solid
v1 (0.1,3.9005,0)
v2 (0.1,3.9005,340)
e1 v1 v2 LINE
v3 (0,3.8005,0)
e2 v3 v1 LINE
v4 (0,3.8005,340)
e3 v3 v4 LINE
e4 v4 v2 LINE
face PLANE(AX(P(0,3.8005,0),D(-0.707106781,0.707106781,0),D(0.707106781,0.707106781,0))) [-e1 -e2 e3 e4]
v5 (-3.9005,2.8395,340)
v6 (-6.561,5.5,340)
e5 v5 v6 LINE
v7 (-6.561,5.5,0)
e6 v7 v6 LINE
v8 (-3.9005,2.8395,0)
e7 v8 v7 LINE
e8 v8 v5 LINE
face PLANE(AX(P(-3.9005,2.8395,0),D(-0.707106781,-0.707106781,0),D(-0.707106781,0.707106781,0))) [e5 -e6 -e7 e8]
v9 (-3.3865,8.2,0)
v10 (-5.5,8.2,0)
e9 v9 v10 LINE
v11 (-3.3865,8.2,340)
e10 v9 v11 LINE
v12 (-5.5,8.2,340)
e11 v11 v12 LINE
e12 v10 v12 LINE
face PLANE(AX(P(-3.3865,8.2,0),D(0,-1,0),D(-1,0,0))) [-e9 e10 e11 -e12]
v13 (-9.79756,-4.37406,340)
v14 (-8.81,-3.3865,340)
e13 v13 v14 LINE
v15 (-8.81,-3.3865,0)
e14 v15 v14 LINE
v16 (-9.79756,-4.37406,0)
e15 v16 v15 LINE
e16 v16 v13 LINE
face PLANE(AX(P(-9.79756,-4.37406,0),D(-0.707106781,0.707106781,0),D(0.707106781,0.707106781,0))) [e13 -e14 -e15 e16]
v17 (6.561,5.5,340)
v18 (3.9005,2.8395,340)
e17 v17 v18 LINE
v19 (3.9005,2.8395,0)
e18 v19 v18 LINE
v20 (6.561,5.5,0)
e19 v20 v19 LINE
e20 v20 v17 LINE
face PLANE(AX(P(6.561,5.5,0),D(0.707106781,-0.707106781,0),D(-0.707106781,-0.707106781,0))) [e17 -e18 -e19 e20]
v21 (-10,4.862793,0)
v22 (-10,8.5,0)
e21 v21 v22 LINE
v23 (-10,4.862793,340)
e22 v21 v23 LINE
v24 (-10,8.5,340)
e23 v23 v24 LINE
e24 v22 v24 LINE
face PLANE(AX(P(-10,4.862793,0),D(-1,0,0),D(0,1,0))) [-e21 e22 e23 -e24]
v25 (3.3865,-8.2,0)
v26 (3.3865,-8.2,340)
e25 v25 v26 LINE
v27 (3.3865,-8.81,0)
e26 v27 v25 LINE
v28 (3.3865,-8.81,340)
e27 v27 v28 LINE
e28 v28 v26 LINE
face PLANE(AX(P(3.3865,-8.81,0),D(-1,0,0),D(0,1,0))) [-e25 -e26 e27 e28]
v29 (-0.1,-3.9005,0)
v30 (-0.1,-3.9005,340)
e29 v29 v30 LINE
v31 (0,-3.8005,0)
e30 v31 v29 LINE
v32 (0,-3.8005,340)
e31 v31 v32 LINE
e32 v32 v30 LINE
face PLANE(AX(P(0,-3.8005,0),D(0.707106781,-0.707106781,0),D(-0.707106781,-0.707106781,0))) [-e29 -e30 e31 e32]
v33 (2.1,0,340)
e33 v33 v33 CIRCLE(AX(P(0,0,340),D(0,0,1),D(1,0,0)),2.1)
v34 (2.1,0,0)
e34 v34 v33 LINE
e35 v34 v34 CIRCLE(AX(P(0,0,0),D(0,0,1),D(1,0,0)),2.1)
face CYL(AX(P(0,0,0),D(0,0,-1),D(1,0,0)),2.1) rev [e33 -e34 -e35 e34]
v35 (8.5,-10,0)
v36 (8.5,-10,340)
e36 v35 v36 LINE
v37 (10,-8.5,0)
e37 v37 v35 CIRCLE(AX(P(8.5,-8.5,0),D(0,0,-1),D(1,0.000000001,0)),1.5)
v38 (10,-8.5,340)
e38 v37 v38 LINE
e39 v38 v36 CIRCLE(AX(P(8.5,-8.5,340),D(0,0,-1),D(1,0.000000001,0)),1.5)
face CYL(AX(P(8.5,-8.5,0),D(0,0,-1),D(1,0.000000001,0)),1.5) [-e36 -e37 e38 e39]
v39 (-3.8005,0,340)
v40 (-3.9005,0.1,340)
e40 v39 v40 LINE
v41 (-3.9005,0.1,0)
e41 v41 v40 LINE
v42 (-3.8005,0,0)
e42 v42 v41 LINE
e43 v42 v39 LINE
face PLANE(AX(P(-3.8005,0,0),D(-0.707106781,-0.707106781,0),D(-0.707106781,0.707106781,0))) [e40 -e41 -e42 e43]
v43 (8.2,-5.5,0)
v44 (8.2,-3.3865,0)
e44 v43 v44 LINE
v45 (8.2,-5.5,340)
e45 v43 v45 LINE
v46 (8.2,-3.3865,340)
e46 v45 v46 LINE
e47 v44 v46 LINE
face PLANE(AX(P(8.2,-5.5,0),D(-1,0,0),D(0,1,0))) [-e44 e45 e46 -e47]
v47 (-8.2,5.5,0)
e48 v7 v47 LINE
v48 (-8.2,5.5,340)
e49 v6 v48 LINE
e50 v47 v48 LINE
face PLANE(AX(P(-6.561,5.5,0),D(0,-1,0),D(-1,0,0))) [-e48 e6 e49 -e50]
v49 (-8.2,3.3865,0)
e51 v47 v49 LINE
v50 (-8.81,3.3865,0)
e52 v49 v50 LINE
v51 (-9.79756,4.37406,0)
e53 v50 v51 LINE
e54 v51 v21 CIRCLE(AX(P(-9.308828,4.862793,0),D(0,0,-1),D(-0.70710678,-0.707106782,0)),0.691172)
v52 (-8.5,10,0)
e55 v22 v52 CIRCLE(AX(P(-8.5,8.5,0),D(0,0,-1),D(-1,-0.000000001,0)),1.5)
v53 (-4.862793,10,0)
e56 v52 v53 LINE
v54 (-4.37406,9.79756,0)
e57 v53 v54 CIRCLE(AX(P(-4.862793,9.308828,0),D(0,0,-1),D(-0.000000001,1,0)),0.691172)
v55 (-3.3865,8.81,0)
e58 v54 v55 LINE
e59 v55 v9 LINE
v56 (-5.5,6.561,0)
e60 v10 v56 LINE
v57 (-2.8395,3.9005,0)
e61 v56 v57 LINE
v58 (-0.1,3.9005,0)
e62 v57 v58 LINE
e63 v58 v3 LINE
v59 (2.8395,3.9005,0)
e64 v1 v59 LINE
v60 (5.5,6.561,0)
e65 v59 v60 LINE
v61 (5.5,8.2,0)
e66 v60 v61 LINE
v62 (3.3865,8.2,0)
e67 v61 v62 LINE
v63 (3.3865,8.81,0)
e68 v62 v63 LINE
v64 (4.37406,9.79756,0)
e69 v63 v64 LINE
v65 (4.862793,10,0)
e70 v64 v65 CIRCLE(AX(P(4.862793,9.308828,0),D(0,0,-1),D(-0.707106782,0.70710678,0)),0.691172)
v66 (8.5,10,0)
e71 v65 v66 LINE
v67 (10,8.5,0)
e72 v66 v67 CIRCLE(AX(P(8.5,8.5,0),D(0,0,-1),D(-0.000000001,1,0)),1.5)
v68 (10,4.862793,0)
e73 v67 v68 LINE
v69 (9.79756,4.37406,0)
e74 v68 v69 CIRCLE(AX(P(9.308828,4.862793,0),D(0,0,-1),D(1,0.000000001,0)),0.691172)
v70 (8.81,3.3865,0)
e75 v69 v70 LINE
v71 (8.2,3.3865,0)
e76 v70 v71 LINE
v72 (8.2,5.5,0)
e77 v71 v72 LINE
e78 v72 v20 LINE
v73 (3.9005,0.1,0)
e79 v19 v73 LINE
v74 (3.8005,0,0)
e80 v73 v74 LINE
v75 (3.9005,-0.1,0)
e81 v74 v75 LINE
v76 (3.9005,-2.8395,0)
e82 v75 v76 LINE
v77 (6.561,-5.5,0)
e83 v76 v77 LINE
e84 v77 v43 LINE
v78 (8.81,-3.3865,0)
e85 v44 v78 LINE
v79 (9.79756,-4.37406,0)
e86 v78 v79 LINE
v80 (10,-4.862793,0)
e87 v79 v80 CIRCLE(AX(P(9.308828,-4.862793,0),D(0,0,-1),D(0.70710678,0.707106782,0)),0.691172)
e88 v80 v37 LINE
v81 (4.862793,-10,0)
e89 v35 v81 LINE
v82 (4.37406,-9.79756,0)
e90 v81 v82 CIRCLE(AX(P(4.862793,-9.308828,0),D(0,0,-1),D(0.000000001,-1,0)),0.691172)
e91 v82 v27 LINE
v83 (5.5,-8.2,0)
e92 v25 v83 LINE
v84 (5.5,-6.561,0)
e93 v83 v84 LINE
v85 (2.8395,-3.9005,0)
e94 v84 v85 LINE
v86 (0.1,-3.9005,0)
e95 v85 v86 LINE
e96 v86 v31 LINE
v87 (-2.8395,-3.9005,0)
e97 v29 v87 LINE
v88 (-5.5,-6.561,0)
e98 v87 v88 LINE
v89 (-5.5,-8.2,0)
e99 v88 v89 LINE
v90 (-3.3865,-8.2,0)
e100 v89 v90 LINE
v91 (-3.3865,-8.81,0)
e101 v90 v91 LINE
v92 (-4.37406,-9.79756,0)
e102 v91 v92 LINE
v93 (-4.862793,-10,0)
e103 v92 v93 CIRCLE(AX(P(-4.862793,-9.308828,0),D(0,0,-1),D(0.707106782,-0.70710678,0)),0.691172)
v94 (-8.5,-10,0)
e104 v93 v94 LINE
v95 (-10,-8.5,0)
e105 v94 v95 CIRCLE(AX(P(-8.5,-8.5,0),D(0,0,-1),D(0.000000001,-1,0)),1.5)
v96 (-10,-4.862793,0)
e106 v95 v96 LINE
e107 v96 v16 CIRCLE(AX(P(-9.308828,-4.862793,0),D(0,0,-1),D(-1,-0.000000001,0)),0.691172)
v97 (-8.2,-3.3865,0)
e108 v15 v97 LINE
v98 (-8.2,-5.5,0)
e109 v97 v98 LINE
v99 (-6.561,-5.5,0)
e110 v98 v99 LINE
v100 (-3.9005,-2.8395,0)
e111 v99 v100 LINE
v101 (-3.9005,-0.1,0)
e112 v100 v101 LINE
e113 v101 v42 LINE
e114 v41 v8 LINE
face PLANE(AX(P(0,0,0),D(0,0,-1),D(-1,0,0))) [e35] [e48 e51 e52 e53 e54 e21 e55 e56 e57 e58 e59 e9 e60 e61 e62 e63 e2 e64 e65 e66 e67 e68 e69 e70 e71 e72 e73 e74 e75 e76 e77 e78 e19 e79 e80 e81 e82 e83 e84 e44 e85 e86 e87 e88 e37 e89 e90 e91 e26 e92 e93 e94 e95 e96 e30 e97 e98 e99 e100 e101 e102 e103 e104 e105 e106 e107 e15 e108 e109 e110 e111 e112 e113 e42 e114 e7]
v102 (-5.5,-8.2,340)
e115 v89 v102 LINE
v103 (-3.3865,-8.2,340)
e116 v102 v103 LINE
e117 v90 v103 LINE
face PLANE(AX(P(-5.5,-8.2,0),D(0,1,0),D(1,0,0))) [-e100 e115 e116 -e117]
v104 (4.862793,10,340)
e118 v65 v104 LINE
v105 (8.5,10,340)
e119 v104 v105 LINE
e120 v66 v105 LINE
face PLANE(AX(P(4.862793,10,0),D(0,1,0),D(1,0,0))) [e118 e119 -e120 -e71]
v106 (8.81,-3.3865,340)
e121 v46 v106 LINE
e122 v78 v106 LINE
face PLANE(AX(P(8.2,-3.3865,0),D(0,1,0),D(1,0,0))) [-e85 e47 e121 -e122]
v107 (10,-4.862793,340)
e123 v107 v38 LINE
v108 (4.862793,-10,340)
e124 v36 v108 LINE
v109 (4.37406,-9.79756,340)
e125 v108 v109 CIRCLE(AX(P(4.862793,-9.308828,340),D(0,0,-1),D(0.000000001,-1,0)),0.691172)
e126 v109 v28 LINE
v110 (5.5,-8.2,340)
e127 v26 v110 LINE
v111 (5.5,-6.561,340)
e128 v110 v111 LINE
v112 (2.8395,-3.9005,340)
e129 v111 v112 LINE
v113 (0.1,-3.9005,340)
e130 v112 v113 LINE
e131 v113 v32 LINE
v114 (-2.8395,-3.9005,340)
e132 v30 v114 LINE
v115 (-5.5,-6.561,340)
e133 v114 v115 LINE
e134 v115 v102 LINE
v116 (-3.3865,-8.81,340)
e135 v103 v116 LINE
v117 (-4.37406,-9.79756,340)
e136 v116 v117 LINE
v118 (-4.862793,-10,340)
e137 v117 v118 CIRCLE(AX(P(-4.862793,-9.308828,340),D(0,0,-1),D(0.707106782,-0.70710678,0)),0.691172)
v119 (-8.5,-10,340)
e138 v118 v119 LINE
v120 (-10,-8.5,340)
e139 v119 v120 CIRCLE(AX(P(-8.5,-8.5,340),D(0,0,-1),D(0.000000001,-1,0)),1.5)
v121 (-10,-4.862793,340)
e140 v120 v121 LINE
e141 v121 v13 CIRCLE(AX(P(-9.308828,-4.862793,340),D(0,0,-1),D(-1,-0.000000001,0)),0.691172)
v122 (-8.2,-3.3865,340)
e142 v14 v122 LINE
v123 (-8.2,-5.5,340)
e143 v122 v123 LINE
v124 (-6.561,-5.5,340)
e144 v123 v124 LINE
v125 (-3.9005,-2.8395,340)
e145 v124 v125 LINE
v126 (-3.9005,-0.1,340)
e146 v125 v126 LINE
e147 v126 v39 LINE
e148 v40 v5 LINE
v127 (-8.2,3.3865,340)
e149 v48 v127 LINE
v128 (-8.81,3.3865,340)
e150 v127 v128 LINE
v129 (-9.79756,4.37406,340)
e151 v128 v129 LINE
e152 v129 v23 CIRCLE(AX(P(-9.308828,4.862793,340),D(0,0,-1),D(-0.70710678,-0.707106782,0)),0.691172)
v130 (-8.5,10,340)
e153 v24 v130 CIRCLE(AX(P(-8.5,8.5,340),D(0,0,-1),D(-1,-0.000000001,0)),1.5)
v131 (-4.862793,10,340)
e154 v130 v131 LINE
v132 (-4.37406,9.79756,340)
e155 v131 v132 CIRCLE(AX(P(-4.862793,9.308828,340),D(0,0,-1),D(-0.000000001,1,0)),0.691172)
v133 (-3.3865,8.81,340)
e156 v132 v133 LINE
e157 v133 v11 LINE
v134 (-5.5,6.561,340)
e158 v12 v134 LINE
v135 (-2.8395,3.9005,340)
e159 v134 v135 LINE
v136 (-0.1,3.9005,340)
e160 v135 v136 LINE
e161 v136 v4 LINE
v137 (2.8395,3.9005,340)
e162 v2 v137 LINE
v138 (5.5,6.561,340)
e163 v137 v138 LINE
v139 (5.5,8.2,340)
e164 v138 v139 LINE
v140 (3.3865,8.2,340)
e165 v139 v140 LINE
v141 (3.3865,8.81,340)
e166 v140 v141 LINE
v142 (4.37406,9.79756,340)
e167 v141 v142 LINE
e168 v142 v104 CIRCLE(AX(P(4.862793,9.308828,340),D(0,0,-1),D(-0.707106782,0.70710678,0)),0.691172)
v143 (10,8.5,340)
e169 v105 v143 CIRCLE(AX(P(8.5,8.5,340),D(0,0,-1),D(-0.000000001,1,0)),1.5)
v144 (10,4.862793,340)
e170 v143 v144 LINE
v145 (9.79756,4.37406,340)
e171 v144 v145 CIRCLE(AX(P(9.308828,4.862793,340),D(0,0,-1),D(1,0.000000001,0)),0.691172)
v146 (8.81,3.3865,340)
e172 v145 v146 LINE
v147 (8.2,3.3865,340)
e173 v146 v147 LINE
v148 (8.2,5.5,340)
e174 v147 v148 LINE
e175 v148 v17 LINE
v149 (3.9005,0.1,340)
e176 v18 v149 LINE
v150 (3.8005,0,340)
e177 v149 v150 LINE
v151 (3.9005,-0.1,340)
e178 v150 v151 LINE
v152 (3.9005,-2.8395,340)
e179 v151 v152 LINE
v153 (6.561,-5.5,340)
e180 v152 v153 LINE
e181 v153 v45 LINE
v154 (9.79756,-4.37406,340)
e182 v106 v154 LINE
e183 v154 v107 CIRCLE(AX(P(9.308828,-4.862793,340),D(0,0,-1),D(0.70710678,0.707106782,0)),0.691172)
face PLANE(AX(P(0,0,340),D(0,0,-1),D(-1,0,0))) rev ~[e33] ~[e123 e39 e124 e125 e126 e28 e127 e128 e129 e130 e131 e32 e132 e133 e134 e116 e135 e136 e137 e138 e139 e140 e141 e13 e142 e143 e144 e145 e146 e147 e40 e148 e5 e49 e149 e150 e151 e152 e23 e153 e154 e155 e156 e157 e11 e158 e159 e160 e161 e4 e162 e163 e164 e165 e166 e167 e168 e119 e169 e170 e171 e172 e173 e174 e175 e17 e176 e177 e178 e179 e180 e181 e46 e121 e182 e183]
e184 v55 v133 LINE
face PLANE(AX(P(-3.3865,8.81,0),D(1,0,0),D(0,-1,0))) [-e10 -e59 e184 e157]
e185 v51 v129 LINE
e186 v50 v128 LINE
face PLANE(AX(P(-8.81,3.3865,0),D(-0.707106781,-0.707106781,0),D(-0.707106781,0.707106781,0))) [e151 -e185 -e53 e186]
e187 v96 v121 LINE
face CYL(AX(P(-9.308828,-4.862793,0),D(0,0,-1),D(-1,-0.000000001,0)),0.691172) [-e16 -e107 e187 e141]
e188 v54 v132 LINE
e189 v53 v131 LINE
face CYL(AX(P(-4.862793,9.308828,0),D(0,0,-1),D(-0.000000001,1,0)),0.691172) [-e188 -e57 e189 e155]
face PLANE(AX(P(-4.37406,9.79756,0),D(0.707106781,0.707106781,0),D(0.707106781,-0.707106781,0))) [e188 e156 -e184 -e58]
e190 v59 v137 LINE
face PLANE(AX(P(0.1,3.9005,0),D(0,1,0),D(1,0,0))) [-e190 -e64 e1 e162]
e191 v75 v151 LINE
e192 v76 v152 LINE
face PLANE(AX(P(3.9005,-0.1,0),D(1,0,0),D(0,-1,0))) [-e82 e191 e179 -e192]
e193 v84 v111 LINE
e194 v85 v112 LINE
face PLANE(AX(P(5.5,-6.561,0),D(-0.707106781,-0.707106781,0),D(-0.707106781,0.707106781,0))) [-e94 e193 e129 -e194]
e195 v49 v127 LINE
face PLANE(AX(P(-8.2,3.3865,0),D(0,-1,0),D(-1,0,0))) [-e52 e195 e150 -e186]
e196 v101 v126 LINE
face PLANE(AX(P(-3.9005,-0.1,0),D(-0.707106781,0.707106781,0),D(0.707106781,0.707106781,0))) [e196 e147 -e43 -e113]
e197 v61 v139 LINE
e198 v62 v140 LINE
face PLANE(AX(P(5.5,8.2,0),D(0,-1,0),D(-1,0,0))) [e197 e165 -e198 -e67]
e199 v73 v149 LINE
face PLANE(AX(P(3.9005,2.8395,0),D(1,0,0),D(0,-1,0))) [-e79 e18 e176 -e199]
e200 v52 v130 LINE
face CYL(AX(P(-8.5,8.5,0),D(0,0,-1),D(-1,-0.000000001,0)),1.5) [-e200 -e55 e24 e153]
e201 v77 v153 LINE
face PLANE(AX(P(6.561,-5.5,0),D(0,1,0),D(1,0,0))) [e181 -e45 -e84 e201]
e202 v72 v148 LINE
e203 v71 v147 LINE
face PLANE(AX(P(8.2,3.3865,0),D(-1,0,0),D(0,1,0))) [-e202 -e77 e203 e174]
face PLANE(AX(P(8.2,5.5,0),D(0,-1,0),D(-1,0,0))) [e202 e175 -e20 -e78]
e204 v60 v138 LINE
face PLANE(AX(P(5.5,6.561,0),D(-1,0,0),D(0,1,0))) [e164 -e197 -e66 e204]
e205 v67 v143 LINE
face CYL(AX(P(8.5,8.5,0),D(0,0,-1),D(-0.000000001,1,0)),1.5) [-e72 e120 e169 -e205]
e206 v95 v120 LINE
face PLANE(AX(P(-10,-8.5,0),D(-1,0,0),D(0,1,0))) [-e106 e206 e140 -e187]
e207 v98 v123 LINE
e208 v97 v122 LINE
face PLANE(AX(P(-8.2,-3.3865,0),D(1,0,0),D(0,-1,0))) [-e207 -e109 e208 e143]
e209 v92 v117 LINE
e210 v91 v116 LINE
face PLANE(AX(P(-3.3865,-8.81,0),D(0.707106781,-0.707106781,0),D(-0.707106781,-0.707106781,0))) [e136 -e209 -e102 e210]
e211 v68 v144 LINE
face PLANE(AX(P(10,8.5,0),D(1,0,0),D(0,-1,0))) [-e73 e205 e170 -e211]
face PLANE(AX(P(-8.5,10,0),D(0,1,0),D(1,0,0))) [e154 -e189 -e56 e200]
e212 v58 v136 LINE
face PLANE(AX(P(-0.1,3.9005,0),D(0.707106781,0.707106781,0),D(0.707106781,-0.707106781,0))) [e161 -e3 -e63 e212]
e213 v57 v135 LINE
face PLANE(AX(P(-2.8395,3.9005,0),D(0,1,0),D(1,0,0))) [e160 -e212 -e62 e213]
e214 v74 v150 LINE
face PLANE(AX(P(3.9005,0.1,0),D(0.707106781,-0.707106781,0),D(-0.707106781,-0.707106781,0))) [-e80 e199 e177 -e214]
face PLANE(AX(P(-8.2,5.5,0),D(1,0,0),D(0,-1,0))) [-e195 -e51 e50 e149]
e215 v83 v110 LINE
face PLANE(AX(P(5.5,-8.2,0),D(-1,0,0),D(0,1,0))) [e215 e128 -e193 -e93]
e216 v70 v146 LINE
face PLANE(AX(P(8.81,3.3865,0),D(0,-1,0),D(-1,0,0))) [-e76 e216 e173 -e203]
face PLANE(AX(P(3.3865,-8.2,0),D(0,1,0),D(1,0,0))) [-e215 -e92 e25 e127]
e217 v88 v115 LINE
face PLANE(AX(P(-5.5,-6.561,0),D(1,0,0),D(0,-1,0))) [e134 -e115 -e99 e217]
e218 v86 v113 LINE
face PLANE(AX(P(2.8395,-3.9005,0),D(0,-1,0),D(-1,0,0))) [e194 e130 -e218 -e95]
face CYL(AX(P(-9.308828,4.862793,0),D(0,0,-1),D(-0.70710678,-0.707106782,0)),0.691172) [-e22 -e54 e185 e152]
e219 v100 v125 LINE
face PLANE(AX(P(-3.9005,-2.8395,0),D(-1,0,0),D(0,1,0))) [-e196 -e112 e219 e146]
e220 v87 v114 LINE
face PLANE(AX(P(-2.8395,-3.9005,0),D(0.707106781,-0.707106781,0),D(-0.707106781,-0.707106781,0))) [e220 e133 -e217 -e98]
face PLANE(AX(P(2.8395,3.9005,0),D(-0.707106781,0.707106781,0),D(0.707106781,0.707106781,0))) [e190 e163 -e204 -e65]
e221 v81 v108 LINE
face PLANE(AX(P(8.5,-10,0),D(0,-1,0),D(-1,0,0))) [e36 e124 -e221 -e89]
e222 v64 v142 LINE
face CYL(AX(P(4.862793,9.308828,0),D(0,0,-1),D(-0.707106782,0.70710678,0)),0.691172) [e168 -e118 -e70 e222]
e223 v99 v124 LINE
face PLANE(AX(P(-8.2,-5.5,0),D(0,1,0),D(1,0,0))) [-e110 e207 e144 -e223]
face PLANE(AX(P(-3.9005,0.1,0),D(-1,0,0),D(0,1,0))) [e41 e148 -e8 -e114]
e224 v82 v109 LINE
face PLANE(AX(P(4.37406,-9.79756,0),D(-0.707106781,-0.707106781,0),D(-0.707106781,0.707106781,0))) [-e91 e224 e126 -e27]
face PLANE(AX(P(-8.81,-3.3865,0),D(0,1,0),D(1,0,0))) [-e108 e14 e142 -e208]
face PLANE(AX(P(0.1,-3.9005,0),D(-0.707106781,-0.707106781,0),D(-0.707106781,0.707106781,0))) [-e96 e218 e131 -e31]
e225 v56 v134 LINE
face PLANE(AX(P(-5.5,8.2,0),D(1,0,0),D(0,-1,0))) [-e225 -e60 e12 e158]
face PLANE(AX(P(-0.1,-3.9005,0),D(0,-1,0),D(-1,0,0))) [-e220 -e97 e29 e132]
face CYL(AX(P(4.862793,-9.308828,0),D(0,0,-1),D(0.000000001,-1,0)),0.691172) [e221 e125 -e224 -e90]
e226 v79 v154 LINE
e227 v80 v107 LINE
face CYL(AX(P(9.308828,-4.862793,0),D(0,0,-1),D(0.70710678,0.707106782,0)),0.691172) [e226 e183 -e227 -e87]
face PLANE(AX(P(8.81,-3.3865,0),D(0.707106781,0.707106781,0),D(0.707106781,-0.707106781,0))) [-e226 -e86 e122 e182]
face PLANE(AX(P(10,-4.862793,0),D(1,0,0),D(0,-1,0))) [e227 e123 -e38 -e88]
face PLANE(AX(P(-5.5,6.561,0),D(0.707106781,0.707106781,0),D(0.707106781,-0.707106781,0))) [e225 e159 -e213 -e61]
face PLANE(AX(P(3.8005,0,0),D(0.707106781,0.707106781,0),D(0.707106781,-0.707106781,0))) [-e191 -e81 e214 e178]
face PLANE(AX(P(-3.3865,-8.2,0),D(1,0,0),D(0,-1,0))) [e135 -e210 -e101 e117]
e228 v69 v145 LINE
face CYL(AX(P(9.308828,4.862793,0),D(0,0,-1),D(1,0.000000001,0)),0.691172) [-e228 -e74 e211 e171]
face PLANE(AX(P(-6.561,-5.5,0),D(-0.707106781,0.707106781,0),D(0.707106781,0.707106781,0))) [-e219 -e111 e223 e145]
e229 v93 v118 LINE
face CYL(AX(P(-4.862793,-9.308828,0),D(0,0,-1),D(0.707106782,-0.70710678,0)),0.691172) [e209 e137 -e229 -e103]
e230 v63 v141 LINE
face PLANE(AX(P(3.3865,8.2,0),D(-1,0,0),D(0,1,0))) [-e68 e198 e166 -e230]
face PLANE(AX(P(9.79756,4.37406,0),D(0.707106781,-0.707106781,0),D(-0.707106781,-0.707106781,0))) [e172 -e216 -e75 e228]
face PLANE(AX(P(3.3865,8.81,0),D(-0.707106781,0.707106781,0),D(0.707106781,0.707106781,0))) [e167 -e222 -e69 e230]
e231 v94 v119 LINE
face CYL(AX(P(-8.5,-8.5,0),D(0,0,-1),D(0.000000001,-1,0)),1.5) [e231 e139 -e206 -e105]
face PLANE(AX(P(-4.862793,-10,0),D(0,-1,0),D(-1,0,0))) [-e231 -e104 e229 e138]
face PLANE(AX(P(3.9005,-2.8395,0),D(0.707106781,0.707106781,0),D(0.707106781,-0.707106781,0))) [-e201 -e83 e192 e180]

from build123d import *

# Parameters (mm, degrees)
SKETCH1_R           = 2.1
BOSS_EXTRUDE1_DEPTH = 340


with BuildPart() as part:
    # Sketch1 → Boss-Extrude1 (new body)
    with BuildSketch(Plane.XY):
        with BuildLine():
            Line((-8.5, 10), (-4.862792737, 10))
            ThreePointArc((-4.862792737, 10), (-4.598292737, 9.947387679), (-4.374060464, 9.797560464))
            Line((-4.374060464, 9.797560464), (-3.3865, 8.81))
            Line((-3.3865, 8.81), (-3.3865, 8.2))
            Line((-3.3865, 8.2), (-5.5, 8.2))
            Line((-5.5, 8.2), (-5.5, 6.561))
            Line((-5.5, 6.561), (-2.8395, 3.9005))
            Line((-2.8395, 3.9005), (-0.1, 3.9005))
            Line((-0.1, 3.9005), (0, 3.8005))
            Line((0, 3.8005), (0.1, 3.9005))
            Line((0.1, 3.9005), (2.8395, 3.9005))
            Line((2.8395, 3.9005), (5.5, 6.561))
            Line((5.5, 6.561), (5.5, 8.2))
            Line((5.5, 8.2), (3.3865, 8.2))
            Line((3.3865, 8.2), (3.3865, 8.81))
            Line((3.3865, 8.81), (4.374060464, 9.797560464))
            ThreePointArc((4.374060464, 9.797560464), (4.598292737, 9.947387679), (4.862792737, 10))
            Line((4.862792737, 10), (8.5, 10))
            ThreePointArc((8.5, 10), (9.560660172, 9.560660172), (10, 8.5))
            Line((10, 8.5), (10, 4.862792737))
            ThreePointArc((10, 4.862792737), (9.947387679, 4.598292737), (9.797560464, 4.374060464))
            Line((9.797560464, 4.374060464), (8.81, 3.3865))
            Line((8.81, 3.3865), (8.2, 3.3865))
            Line((8.2, 3.3865), (8.2, 5.5))
            Line((8.2, 5.5), (6.561, 5.5))
            Line((6.561, 5.5), (3.9005, 2.8395))
            Line((3.9005, 2.8395), (3.9005, 0.1))
            Line((3.9005, 0.1), (3.8005, 0))
            Line((3.8005, 0), (3.9005, -0.1))
            Line((3.9005, -0.1), (3.9005, -2.8395))
            Line((3.9005, -2.8395), (6.561, -5.5))
            Line((6.561, -5.5), (8.2, -5.5))
            Line((8.2, -5.5), (8.2, -3.3865))
            Line((8.2, -3.3865), (8.81, -3.3865))
            Line((8.81, -3.3865), (9.797560464, -4.374060464))
            ThreePointArc((9.797560464, -4.374060464), (9.947387679, -4.598292737), (10, -4.862792737))
            Line((10, -4.862792737), (10, -8.5))
            ThreePointArc((10, -8.5), (9.560660172, -9.560660172), (8.5, -10))
            Line((8.5, -10), (4.862792737, -10))
            ThreePointArc((4.862792737, -10), (4.598292737, -9.947387679), (4.374060464, -9.797560464))
            Line((4.374060464, -9.797560464), (3.3865, -8.81))
            Line((3.3865, -8.81), (3.3865, -8.2))
            Line((3.3865, -8.2), (5.5, -8.2))
            Line((5.5, -8.2), (5.5, -6.561))
            Line((5.5, -6.561), (2.8395, -3.9005))
            Line((2.8395, -3.9005), (0.1, -3.9005))
            Line((0.1, -3.9005), (0, -3.8005))
            Line((0, -3.8005), (-0.1, -3.9005))
            Line((-0.1, -3.9005), (-2.8395, -3.9005))
            Line((-2.8395, -3.9005), (-5.5, -6.561))
            Line((-5.5, -6.561), (-5.5, -8.2))
            Line((-5.5, -8.2), (-3.3865, -8.2))
            Line((-3.3865, -8.2), (-3.3865, -8.81))
            Line((-3.3865, -8.81), (-4.374060464, -9.797560464))
            ThreePointArc((-4.374060464, -9.797560464), (-4.598292737, -9.947387679), (-4.862792737, -10))
            Line((-4.862792737, -10), (-8.5, -10))
            ThreePointArc((-8.5, -10), (-9.560660172, -9.560660172), (-10, -8.5))
            Line((-10, -8.5), (-10, -4.862792737))
            ThreePointArc((-10, -4.862792737), (-9.947387679, -4.598292737), (-9.797560464, -4.374060464))
            Line((-9.797560464, -4.374060464), (-8.81, -3.3865))
            Line((-8.81, -3.3865), (-8.2, -3.3865))
            Line((-8.2, -3.3865), (-8.2, -5.5))
            Line((-8.2, -5.5), (-6.561, -5.5))
            Line((-6.561, -5.5), (-3.9005, -2.8395))
            Line((-3.9005, -2.8395), (-3.9005, -0.1))
            Line((-3.9005, -0.1), (-3.8005, 0))
            Line((-3.8005, 0), (-3.9005, 0.1))
            Line((-3.9005, 0.1), (-3.9005, 2.8395))
            Line((-3.9005, 2.8395), (-6.561, 5.5))
            Line((-6.561, 5.5), (-8.2, 5.5))
            Line((-8.2, 5.5), (-8.2, 3.3865))
            Line((-8.2, 3.3865), (-8.81, 3.3865))
            Line((-8.81, 3.3865), (-9.797560464, 4.374060464))
            ThreePointArc((-9.797560464, 4.374060464), (-9.947387679, 4.598292737), (-10, 4.862792737))
            Line((-10, 4.862792737), (-10, 8.5))
            ThreePointArc((-10, 8.5), (-9.560660172, 9.560660172), (-8.5, 10))
        make_face()
        Circle(SKETCH1_R, mode=Mode.SUBTRACT)
    extrude(amount=BOSS_EXTRUDE1_DEPTH)


solid = part.part
